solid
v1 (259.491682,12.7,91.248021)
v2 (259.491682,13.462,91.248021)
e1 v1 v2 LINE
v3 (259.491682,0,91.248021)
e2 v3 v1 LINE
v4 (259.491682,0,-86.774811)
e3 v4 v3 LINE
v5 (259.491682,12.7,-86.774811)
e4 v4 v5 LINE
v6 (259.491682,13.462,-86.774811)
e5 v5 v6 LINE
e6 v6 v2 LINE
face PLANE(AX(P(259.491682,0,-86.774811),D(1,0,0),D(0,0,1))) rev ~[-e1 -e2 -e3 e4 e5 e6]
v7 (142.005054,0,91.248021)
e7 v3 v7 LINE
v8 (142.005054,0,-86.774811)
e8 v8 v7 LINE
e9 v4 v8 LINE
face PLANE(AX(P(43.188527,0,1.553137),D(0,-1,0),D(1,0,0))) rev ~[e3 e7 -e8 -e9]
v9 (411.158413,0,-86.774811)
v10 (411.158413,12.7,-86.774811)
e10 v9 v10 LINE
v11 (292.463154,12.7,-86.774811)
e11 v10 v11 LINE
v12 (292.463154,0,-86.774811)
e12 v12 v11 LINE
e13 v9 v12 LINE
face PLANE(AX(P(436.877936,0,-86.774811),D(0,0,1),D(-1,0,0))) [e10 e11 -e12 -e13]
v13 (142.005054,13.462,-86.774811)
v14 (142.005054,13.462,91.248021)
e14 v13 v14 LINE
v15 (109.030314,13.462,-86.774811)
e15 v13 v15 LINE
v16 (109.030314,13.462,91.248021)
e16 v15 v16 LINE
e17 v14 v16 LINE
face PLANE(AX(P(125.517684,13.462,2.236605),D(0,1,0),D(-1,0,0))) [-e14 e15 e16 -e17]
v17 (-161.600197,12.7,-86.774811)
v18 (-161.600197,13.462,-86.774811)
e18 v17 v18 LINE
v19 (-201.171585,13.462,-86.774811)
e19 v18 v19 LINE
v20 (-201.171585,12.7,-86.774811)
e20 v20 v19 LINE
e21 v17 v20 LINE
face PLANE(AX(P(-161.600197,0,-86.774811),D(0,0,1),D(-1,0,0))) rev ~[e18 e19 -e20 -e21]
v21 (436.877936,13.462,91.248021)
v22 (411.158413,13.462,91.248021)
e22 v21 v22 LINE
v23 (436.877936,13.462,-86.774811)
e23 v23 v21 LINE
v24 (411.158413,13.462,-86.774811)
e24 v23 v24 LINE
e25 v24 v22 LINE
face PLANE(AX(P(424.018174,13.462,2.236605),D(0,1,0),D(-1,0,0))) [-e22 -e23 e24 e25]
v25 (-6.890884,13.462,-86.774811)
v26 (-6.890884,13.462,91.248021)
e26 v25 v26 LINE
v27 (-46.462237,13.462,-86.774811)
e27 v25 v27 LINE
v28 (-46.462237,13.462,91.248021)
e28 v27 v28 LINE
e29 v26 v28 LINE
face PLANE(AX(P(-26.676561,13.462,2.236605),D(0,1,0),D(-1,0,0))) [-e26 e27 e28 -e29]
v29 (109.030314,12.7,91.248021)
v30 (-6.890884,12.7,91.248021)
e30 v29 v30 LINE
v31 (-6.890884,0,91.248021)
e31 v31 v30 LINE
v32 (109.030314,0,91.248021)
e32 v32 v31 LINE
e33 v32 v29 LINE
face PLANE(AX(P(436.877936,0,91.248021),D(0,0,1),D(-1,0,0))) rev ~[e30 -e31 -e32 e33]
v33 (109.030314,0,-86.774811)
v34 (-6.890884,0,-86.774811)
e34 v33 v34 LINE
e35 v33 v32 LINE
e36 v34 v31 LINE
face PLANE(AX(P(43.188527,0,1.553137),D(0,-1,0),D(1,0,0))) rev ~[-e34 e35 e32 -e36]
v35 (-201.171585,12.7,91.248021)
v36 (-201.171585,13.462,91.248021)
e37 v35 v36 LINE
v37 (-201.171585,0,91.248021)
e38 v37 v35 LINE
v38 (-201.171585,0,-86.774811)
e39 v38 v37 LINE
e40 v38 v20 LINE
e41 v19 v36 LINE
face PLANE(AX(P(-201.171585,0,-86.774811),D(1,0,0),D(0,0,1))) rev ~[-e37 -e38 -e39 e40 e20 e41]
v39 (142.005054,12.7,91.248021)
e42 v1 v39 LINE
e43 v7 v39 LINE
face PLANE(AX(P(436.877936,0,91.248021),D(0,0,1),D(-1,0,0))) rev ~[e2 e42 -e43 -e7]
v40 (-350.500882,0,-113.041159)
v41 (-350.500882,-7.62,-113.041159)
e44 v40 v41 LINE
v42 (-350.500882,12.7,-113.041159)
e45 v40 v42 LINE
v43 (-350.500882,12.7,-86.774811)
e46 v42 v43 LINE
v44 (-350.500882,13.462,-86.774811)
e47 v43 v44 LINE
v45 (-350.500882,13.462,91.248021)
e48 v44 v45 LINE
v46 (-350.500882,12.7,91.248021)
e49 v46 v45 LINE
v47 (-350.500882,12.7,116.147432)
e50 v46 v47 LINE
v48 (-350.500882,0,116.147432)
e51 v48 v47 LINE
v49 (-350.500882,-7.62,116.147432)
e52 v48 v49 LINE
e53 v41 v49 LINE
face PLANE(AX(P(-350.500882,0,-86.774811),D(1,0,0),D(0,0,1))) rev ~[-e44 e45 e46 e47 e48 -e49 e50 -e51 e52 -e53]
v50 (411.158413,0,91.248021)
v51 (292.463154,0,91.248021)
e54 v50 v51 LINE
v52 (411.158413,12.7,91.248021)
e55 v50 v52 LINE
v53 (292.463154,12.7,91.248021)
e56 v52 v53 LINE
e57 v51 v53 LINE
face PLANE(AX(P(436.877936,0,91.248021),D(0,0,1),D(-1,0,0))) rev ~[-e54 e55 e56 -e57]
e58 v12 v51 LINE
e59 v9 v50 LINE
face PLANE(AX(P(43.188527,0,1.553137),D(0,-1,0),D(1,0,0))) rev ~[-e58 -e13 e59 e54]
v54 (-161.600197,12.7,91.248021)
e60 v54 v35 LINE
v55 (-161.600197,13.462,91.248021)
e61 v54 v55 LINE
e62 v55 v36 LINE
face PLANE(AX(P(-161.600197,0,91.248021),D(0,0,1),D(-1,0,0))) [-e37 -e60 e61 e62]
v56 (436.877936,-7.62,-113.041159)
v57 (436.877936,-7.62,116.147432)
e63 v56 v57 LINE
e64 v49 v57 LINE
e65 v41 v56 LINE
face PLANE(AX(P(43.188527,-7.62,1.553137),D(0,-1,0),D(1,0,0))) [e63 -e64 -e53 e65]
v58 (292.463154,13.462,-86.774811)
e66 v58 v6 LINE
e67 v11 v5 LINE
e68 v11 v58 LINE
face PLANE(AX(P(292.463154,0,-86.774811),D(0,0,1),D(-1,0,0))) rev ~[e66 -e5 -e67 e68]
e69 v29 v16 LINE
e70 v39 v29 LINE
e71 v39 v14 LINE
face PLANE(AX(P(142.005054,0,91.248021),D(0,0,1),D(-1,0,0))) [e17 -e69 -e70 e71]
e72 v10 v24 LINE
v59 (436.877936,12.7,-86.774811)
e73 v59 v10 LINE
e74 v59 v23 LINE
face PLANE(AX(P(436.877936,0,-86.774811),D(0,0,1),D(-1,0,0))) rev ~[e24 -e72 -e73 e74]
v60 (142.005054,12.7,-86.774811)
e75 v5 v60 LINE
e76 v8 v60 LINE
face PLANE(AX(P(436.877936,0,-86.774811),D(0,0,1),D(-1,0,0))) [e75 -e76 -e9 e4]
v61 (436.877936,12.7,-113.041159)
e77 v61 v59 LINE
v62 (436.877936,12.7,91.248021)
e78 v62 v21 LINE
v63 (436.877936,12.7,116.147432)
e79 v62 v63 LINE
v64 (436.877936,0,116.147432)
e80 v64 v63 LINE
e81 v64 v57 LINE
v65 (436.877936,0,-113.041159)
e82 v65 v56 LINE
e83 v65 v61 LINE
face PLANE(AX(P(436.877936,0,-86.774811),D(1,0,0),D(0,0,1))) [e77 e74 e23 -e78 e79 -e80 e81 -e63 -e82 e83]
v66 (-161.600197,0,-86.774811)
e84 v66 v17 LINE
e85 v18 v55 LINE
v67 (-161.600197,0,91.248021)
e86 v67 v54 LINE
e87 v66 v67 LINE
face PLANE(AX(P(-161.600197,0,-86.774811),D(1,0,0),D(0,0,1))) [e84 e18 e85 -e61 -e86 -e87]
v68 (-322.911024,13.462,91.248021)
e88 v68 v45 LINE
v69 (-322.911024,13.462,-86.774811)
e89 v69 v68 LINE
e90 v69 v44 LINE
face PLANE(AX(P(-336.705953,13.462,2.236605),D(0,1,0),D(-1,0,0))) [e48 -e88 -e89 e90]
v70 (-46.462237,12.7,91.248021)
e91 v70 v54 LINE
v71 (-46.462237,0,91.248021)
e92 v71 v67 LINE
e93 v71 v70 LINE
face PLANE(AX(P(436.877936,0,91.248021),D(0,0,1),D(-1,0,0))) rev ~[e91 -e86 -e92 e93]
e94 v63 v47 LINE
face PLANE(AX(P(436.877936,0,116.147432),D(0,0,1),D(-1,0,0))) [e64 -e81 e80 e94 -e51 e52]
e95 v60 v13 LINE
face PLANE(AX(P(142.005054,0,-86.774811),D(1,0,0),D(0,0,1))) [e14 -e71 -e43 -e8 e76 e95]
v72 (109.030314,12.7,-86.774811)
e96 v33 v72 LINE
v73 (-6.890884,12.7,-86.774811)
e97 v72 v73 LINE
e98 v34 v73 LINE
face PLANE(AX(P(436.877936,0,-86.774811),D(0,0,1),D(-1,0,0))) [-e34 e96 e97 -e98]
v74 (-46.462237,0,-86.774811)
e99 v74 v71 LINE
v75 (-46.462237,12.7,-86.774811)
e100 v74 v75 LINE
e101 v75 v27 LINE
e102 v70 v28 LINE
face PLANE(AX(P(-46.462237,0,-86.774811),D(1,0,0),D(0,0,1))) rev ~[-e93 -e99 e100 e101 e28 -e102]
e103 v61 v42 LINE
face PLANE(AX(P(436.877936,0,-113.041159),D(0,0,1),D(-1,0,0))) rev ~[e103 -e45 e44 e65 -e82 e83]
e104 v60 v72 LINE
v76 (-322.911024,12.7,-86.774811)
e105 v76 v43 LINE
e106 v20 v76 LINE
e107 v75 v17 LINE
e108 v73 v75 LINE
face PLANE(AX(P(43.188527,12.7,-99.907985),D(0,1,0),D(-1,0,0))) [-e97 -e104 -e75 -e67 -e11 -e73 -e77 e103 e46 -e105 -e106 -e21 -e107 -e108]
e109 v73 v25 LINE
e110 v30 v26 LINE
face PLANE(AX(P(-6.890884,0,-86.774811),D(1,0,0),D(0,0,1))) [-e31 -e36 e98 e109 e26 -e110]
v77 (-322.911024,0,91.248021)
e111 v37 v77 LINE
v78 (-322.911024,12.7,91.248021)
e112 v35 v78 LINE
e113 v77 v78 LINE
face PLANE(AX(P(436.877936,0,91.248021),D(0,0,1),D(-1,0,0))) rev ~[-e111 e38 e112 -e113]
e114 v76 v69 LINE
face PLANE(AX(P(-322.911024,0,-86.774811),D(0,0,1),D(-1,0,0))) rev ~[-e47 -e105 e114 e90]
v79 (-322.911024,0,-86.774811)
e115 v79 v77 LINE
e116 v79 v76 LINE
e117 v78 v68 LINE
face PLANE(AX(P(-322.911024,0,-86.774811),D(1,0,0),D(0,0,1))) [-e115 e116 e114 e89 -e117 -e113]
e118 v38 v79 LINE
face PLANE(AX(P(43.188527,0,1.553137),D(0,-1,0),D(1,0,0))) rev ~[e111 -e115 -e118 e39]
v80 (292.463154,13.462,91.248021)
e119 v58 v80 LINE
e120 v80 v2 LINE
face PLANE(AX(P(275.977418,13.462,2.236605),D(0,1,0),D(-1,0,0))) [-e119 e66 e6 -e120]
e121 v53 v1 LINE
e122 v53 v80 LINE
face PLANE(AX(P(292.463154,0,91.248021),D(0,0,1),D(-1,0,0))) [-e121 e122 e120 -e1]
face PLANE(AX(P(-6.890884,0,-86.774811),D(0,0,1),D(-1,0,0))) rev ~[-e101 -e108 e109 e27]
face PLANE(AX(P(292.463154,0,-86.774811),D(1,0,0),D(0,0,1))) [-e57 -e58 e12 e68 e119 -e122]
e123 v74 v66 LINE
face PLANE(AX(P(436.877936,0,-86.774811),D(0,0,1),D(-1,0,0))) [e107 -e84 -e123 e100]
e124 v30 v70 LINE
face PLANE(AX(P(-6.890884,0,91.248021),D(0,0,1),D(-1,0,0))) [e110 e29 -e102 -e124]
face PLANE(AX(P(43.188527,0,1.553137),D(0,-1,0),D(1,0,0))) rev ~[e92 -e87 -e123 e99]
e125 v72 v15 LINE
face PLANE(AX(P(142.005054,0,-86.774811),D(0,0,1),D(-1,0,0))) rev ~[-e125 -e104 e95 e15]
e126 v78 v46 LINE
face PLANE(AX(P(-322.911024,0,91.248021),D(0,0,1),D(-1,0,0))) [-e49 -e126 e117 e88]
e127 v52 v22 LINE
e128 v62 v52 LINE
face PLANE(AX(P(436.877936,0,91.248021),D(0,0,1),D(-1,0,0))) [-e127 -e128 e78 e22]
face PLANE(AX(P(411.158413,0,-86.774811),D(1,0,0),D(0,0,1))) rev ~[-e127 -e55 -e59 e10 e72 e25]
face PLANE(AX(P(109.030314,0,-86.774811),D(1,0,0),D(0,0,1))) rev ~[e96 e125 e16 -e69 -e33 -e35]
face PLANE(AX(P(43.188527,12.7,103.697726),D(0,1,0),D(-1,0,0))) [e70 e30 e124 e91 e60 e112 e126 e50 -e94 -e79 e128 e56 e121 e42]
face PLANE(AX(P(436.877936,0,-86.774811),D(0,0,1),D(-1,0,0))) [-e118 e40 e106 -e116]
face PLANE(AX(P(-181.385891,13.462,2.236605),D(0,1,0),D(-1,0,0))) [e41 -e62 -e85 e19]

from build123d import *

# Parameters (mm, degrees)
F0_W      = 787.3788177967
F0_H      = 229.1885906598
F1_DEPTH  = 7.62
F2_W      = 787.3788177967
F2_H      = 24.8994113645
F3_DEPTH  = 12.7
F4_W      = 787.3788177967
F4_H      = 26.2663476169
F5_DEPTH  = 12.7
F6_W      = 25.7195234299
F6_H      = 178.0228316784
F7_DEPTH  = 13.462
F8_W      = 27.5898575783
F8_H      = 178.0228316784
F9_DEPTH  = 13.462
F10_W     = 32.9714715481
F10_H     = 178.0228316784
F11_DEPTH = 13.462
F12_W     = 32.9747404903
F12_H     = 178.0228316784
F13_DEPTH = 13.462
F14_W     = 39.5713537
F14_H     = 178.0228316784
F15_DEPTH = 13.462
F16_W     = 39.5713876933
F16_H     = 178.0228316784
F17_DEPTH = 13.462


with BuildPart() as f1:
    # F0 (on Front) → F1 (new body)
    with BuildSketch(Plane.XZ):
        with Locations((43.1885272264, 1.5531365643)):
            Rectangle(F0_W, F0_H)
    extrude(amount=F1_DEPTH)

    # F2 (on face) → F3 (join)
    with BuildSketch(Plane(origin=(0, 0, 0), x_dir=(-1, 0, 0), z_dir=(0, 1, 0))):
        with Locations((-43.1885272264, 103.697726212)):
            Rectangle(F2_W, F2_H)
    extrude(amount=F3_DEPTH)

    # F4 (on face) → F5 (join)
    with BuildSketch(Plane(origin=(0, 0, 0), x_dir=(-1, 0, 0), z_dir=(0, 1, 0))):
        with Locations((-43.1885272264, -99.9079849571)):
            Rectangle(F4_W, F4_H)
    extrude(amount=F5_DEPTH)

    # F6 (on face) → F7 (join)
    with BuildSketch(Plane(origin=(0, 0, 0), x_dir=(-1, 0, 0), z_dir=(0, 1, 0))):
        with Locations((-424.0181744099, 2.2366046906)):
            Rectangle(F6_W, F6_H)
    extrude(amount=F7_DEPTH)

    # F8 (on face) → F9 (join)
    with BuildSketch(Plane(origin=(0, 0, 0), x_dir=(-1, 0, 0), z_dir=(0, 1, 0))):
        with Locations((336.7059528828, 2.2366046906)):
            Rectangle(F8_W, F8_H)
    extrude(amount=F9_DEPTH)

    # F10 (on face) → F11 (join)
    with BuildSketch(Plane(origin=(0, 0, 0), x_dir=(-1, 0, 0), z_dir=(0, 1, 0))):
        with Locations((-275.9774178267, 2.2366046906)):
            Rectangle(F10_W, F10_H)
    extrude(amount=F11_DEPTH)

    # F12 (on face) → F13 (join)
    with BuildSketch(Plane(origin=(0, 0, 0), x_dir=(-1, 0, 0), z_dir=(0, 1, 0))):
        with Locations((-125.517684035, 2.2366046906)):
            Rectangle(F12_W, F12_H)
    extrude(amount=F13_DEPTH)

    # F14 (on face) → F15 (join)
    with BuildSketch(Plane(origin=(0, 0, 0), x_dir=(-1, 0, 0), z_dir=(0, 1, 0))):
        with Locations((26.6765605193, 2.2366046906)):
            Rectangle(F14_W, F14_H)
    extrude(amount=F15_DEPTH)

    # F16 (on face) → F17 (join)
    with BuildSketch(Plane(origin=(0, 0, 0), x_dir=(-1, 0, 0), z_dir=(0, 1, 0))):
        with Locations((181.3858910464, 2.2366046906)):
            Rectangle(F16_W, F16_H)
    extrude(amount=F17_DEPTH)


solid = f1.part
